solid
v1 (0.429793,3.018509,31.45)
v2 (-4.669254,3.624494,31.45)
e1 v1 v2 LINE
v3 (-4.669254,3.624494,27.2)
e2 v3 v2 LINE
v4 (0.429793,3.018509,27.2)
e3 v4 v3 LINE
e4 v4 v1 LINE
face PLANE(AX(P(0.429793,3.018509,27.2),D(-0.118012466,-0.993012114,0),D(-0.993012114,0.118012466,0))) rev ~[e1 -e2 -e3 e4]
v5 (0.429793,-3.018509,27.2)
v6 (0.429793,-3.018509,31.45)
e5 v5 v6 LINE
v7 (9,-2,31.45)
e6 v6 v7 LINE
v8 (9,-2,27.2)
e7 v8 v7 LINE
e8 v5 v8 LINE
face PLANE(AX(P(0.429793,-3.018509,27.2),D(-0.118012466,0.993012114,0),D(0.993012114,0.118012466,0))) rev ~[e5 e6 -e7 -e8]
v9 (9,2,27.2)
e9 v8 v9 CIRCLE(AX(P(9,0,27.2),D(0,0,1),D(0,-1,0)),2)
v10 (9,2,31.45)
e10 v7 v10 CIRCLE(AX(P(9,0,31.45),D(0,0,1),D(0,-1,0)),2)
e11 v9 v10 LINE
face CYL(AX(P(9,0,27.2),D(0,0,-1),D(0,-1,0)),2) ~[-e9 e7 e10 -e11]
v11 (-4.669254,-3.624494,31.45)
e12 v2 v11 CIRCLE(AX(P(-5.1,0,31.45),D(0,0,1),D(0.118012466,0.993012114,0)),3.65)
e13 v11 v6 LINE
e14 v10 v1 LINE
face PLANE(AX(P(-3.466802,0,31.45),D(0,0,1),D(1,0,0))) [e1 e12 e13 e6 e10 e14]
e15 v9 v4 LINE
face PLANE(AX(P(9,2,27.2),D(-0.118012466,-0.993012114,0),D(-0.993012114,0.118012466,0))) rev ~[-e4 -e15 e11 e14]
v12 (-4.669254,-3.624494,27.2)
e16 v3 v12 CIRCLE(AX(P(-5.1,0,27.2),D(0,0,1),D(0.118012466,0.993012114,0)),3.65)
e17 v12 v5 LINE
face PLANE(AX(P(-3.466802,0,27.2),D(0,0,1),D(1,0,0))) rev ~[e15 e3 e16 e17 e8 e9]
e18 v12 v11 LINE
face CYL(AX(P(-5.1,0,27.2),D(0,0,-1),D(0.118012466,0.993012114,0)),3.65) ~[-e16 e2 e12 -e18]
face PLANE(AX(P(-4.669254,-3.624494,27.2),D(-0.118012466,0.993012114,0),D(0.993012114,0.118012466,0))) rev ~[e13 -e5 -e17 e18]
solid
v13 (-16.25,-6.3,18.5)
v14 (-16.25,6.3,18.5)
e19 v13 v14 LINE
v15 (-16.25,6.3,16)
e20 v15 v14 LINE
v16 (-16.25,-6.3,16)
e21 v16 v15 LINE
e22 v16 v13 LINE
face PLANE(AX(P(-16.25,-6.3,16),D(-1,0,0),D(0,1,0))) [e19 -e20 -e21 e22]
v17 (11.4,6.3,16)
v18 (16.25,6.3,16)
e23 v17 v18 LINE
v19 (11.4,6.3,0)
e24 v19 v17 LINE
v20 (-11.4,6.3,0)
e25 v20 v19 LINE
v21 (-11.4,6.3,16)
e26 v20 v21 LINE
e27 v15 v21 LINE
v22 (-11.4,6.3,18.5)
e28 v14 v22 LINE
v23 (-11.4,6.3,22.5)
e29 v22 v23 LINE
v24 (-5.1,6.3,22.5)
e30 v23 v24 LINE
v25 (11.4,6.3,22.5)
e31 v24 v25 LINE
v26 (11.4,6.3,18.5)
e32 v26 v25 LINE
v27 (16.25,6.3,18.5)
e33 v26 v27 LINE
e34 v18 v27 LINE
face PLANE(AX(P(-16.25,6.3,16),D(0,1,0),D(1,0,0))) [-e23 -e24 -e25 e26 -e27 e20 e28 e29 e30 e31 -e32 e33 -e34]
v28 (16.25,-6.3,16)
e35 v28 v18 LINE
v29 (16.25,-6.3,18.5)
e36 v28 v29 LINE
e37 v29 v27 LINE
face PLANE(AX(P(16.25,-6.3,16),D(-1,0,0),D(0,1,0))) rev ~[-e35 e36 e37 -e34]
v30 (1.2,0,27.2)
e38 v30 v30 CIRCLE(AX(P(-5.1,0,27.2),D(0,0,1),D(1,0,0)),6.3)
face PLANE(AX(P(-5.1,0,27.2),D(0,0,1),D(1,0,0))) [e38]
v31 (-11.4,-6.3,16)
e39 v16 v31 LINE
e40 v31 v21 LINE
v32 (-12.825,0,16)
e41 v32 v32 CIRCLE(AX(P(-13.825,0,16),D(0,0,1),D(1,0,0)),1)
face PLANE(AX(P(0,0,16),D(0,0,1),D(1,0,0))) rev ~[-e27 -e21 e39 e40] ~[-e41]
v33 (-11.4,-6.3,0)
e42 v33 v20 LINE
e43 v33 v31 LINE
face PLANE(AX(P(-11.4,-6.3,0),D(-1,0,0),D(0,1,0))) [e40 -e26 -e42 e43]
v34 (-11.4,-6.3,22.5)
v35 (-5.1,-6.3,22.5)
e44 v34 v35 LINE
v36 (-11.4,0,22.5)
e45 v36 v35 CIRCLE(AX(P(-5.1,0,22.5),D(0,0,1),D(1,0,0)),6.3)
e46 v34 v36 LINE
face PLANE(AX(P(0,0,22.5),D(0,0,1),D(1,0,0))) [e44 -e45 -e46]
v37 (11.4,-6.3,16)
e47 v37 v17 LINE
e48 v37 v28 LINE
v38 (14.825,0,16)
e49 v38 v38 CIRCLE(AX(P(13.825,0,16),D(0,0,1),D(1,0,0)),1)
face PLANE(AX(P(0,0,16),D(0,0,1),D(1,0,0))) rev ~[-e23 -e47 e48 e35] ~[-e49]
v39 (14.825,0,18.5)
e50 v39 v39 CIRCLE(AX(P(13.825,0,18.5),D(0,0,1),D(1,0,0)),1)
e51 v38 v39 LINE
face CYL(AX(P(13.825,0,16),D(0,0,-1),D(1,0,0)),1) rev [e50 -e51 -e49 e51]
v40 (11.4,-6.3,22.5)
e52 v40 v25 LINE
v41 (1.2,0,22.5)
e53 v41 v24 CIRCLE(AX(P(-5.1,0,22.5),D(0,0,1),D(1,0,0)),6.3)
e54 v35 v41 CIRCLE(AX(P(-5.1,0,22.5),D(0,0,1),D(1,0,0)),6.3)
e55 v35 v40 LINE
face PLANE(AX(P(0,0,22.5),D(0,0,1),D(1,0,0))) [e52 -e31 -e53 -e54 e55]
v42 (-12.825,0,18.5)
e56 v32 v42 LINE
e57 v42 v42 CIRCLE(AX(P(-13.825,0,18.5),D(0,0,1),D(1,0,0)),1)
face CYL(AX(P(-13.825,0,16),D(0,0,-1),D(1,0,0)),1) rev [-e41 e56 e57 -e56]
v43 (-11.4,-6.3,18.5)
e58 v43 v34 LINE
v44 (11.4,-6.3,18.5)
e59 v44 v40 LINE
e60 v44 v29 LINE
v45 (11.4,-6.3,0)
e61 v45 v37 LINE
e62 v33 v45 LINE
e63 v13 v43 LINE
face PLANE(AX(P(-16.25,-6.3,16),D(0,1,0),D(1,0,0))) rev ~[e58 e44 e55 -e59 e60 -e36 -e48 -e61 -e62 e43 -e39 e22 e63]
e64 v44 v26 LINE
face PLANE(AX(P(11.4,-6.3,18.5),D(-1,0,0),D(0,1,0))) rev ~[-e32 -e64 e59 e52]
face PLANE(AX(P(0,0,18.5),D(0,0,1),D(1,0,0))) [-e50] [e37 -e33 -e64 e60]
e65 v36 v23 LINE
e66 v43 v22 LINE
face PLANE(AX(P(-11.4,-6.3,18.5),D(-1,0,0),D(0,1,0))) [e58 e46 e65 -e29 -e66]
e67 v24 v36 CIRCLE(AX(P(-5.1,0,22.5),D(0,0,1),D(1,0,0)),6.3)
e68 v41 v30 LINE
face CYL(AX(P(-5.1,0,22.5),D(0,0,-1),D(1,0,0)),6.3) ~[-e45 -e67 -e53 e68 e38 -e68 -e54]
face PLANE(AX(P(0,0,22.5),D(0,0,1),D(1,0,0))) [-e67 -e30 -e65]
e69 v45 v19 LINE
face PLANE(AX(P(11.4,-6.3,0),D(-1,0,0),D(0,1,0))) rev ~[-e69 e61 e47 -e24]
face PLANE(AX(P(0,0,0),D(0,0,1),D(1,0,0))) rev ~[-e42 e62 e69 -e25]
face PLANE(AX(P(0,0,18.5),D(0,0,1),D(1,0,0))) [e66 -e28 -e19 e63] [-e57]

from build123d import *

# Parameters (mm, degrees)
F1_W      = 22.8
F1_H      = 12.6
F2_DEPTH  = 16
F4_W      = 32.5
F4_H      = 12.6
F4_R      = 1
F5_DEPTH  = 2.5
F7_W      = 22.8
F7_H      = 12.6
F8_DEPTH  = 4
F10_R     = 6.3
F11_DEPTH = 4.7
F14_DEPTH = 4.25


with BuildPart() as f2:
    # F1 (on Top) → F2 (new body)
    with BuildSketch(Plane.XY):
        Rectangle(F1_W, F1_H)
    extrude(amount=F2_DEPTH)

    # F4 (on face) → F5 (join)
    with BuildSketch(Plane.XY.offset(16)):
        Rectangle(F4_W, F4_H)
        with Locations((-13.825, 0)):
            Circle(F4_R, mode=Mode.SUBTRACT)
        with Locations((13.825, 0)):
            Circle(F4_R, mode=Mode.SUBTRACT)
    extrude(amount=F5_DEPTH)

    # F7 (on face) → F8 (join)
    with BuildSketch(Plane.XY.offset(18.5)):
        Rectangle(F7_W, F7_H)
    extrude(amount=F8_DEPTH)

    # F10 (on face) → F11 (join)
    with BuildSketch(Plane.XY.offset(22.5)):
        with Locations((-5.1, 0)):
            Circle(F10_R)
    extrude(amount=F11_DEPTH)


with BuildPart() as f14:
    # F13 (on face) → F14 (new body)
    with BuildSketch(Plane.XY.offset(27.2)):
        with BuildLine():
            Line((0.4297926038, 3.0185085321), (-4.6692544986, 3.6244942148))
            ThreePointArc((-4.6692544986, 3.6244942148), (-8.75, 0), (-4.6692544986, -3.6244942148))
            Line((-4.6692544986, -3.6244942148), (0.4297926038, -3.0185085321))
            ThreePointArc((0.4297926038, -3.0185085321), (1.0044120685, -1.5576114079), (1.2, 0))
            ThreePointArc((1.2, 0), (1.0044120685, 1.5576114079), (0.4297926038, 3.0185085321))
        make_face()
        with BuildLine():
            Line((9, 2), (0.4297926038, 3.0185085321))
            ThreePointArc((0.4297926038, 3.0185085321), (1.0044120685, 1.5576114079), (1.2, 0))
            ThreePointArc((1.2, 0), (1.0044120685, -1.5576114079), (0.4297926038, -3.0185085321))
            Line((0.4297926038, -3.0185085321), (9, -2))
            ThreePointArc((9, -2), (11, 0), (9, 2))
        make_face()
    extrude(amount=F14_DEPTH)


solid = Compound([f2.part, f14.part])
